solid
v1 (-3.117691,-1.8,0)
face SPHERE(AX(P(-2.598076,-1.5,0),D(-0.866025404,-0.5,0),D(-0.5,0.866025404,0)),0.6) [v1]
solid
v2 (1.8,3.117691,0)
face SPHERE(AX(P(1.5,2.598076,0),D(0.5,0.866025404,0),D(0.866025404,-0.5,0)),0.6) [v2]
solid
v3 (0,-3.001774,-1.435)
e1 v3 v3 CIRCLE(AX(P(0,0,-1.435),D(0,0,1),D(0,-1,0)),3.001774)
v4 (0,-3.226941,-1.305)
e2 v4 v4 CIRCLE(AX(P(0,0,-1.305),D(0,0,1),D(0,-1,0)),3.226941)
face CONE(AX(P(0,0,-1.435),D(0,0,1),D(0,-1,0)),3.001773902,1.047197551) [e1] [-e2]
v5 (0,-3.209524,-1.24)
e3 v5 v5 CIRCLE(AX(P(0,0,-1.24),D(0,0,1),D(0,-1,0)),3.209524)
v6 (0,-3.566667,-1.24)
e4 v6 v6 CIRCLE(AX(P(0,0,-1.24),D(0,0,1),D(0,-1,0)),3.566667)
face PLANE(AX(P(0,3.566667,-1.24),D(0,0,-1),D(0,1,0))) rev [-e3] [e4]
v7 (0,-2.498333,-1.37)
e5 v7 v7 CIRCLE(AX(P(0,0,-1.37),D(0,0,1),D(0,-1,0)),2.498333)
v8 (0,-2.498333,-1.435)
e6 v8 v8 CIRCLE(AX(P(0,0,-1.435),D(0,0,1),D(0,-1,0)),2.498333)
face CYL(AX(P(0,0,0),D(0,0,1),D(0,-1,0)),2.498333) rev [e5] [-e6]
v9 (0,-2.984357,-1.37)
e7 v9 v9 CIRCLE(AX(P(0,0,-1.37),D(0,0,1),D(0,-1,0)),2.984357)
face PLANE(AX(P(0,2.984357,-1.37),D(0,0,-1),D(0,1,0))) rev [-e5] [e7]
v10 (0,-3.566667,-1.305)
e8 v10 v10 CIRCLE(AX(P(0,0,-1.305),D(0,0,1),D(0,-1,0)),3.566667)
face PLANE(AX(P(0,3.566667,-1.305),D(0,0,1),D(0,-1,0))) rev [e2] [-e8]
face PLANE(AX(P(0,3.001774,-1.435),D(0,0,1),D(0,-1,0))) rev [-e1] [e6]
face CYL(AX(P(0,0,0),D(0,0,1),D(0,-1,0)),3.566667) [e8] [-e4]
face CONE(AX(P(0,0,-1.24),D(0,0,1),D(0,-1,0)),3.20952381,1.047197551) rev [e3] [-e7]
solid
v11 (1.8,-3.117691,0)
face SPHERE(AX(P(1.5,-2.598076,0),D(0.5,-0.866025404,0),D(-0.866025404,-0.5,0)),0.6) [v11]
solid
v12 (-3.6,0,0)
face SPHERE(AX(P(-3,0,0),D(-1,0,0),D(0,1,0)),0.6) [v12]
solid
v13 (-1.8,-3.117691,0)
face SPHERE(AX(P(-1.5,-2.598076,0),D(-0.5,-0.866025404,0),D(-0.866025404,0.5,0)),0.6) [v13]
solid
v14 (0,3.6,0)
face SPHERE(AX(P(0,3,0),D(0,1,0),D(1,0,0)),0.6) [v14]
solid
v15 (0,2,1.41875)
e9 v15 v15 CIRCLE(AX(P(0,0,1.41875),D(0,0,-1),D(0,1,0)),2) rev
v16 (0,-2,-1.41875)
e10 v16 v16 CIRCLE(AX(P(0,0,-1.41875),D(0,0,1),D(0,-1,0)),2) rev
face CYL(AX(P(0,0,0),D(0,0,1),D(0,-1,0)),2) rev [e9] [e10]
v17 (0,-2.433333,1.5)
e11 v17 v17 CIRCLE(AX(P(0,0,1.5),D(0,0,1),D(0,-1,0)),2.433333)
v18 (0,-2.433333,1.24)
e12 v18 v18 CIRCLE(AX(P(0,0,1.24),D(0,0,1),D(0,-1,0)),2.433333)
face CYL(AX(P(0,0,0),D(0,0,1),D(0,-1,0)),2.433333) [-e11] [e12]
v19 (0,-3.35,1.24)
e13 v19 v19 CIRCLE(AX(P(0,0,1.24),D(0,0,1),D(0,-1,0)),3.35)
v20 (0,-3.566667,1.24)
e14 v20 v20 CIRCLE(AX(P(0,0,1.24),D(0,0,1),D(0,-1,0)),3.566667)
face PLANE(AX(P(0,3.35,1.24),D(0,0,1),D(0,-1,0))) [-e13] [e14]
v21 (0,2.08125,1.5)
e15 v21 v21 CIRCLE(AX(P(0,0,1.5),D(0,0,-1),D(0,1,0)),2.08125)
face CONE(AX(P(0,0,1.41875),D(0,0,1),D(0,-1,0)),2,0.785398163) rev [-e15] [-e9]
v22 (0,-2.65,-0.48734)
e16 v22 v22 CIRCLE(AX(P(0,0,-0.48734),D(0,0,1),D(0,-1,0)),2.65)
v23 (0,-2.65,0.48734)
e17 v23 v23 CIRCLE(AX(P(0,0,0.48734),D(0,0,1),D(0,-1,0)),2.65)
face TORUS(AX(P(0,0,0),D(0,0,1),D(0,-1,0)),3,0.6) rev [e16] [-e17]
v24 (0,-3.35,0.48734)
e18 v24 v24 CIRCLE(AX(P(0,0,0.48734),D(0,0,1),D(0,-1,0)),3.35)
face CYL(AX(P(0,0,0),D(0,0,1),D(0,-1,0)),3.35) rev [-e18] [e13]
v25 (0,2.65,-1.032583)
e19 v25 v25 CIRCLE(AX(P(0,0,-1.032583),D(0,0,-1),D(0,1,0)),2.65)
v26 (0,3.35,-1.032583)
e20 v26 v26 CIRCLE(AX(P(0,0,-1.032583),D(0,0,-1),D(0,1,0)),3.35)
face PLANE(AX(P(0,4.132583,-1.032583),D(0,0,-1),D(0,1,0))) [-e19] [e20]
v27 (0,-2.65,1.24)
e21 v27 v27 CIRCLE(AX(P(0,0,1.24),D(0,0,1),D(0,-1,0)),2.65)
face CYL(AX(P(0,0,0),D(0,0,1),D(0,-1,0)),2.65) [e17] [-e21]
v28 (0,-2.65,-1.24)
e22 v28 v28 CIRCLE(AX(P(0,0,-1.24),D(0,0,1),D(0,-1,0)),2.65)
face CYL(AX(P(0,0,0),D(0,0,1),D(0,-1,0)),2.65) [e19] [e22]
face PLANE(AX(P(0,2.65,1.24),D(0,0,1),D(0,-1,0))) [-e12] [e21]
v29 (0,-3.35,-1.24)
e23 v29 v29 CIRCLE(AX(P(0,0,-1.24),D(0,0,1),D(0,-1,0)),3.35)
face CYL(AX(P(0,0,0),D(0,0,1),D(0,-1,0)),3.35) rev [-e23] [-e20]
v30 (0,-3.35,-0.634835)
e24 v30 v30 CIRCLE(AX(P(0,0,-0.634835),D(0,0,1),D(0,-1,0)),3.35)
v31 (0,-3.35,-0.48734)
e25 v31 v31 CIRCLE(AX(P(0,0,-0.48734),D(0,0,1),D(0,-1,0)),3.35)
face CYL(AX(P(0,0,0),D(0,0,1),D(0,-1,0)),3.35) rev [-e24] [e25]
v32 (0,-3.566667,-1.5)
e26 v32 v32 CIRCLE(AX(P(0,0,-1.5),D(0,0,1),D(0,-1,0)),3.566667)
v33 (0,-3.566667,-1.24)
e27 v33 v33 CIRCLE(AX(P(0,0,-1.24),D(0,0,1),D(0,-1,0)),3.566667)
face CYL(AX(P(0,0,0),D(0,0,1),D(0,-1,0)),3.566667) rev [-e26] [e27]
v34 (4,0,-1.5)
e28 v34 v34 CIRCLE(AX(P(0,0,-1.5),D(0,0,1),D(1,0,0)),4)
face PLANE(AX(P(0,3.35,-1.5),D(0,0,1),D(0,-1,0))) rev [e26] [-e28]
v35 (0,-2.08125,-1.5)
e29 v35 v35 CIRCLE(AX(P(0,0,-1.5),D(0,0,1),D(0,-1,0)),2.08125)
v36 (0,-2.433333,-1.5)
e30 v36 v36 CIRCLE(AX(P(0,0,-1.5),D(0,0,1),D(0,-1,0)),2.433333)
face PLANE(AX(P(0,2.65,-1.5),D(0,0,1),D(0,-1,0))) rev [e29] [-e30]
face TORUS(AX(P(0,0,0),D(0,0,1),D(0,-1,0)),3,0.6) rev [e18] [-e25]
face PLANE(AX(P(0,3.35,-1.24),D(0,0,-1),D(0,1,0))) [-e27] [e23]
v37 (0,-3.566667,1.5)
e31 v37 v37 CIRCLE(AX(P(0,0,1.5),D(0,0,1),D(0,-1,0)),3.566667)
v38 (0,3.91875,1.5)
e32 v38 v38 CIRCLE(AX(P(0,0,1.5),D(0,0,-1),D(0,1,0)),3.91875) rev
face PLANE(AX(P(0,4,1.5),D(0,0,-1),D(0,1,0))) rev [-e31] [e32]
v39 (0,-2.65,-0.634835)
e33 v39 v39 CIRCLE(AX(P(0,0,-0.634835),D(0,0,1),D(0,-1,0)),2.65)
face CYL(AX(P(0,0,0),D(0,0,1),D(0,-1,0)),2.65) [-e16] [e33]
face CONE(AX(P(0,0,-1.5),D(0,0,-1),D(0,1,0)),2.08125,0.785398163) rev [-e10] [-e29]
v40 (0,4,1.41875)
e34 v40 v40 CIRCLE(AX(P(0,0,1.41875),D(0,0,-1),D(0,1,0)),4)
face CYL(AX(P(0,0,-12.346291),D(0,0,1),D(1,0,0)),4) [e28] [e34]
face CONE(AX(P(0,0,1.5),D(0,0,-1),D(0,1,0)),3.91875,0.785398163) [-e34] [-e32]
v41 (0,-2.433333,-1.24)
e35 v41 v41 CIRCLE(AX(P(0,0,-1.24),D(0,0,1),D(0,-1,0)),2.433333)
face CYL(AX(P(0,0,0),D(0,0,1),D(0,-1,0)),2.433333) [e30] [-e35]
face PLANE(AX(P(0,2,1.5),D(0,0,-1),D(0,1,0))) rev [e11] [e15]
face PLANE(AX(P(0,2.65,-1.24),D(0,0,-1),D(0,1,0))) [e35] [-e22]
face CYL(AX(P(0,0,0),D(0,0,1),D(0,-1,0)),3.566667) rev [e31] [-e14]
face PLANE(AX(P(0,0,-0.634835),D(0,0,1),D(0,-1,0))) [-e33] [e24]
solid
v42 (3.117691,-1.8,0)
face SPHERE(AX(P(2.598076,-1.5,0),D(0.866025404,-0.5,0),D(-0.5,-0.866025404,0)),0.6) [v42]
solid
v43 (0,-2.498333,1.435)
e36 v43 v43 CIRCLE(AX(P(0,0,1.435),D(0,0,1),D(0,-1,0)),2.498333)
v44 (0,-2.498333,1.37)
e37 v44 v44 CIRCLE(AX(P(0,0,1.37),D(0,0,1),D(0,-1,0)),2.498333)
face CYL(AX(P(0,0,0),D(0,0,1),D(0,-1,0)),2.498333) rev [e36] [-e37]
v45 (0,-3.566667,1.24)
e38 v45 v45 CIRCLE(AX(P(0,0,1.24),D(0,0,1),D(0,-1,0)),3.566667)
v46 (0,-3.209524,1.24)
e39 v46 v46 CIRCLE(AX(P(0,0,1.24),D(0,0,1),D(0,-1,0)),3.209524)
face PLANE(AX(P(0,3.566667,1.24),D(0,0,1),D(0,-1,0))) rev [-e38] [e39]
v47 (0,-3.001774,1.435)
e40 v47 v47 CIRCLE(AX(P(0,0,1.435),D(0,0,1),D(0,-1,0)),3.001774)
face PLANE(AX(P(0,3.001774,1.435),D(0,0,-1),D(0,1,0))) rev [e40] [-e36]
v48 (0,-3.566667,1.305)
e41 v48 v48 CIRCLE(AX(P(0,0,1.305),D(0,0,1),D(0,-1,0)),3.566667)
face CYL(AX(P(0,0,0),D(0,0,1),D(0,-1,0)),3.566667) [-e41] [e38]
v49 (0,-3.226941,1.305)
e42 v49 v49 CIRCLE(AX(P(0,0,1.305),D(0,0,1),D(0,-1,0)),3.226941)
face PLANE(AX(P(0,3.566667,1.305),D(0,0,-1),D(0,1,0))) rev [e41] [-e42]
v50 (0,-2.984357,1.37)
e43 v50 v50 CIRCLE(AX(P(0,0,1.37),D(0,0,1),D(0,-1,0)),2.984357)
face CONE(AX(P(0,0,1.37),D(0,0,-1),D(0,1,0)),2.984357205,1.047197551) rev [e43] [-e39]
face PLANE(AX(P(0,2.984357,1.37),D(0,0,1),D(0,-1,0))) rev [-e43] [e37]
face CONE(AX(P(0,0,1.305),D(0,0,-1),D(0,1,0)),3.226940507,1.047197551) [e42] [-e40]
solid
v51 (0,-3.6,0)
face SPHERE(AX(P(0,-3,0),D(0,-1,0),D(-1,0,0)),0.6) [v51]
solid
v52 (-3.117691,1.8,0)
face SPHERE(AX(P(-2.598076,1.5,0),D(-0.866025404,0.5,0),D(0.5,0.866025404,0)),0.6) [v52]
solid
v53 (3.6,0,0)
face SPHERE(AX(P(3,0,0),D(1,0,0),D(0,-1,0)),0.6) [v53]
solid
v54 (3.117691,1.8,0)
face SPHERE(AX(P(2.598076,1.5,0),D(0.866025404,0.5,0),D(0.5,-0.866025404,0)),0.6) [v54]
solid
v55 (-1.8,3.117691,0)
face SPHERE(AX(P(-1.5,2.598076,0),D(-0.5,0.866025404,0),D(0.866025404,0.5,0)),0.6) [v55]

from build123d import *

# Parameters (mm, degrees)
FILLET1_SIZE            = 0.08125
FILLET2_SIZE            = 0.08125
CIRPATTERN3_COUNT       = 12
SKETCH8_W               = 0.26
SKETCH8_H               = 0.216666667
CUT_EXTRUDE1_DEPTH      = 8.163797875
CUT_EXTRUDE1_DEPTH_BACK = 8.163797875
SKETCH10_R              = 4.6
SKETCH10_R_2            = 4
BOSS_EXTRUDE1_START     = 0.397747564
SKETCH11_R              = 4
BOSS_EXTRUDE1_DEPTH     = 0.397747564
CUT_EXTRUDE2_DEPTH      = 7.046281526
CUT_EXTRUDE2_DEPTH_BACK = 7.046281526
SKETCH12_R              = 2


with BuildPart() as part:
    # Sketch2 → Revolve1 (revolve)
    with BuildSketch(Plane(origin=(0, 0, 0), x_dir=(0, 0, -1), z_dir=(1, 0, 0)), mode=Mode.PRIVATE) as revolve1_sk:
        with BuildLine():
            Line((1.5, 4.6), (0.9, 4.6))
            Line((0.9, 4.6), (0.9, 4.265165043))
            Line((0.9, 4.265165043), (1.032582521, 4.132582521))
            Line((1.032582521, 4.132582521), (1.032582521, 3.867417479))
            Line((1.032582521, 3.867417479), (0.767417479, 3.867417479))
            Line((0.767417479, 3.867417479), (0.634834957, 4))
            Line((0.634834957, 4), (-1.5, 4))
            Line((-1.5, 4), (-1.5, 3.35))
            Line((-1.5, 3.35), (-0.487339717, 3.35))
            ThreePointArc((-0.487339717, 3.35), (0, 3.6), (0.487339717, 3.35))
            Line((0.487339717, 3.35), (1.5, 3.35))
            Line((1.5, 3.35), (1.5, 4.6))
        make_face()
        with BuildLine():
            Line((1.5, 2), (-1.5, 2))
            Line((-1.5, 2), (-1.5, 2.65))
            Line((-1.5, 2.65), (-0.487339717, 2.65))
            ThreePointArc((-0.487339717, 2.65), (0, 2.4), (0.487339717, 2.65))
            Line((0.487339717, 2.65), (1.5, 2.65))
            Line((1.5, 2.65), (1.5, 2))
        make_face()
    revolve(revolve1_sk.sketch.rotate(Axis((0, 0, 0), (0, 0, -1)), 180), axis=Axis((0, 0, 0), (0, 0, -1)))

    # Fillet1
    fillet1_edges = [part.edges().sort_by_distance(p)[0] for p in [
        (0, 4, 1.5),
        (0, 4.6, -1.5),
        (0, 4.6, -0.9),
    ]]
    chamfer(fillet1_edges, length=FILLET1_SIZE)

    # Fillet2
    fillet2_edges = [part.edges().sort_by_distance(p)[0] for p in [
        (0, 2, -1.5),
        (0, 2, 1.5),
    ]]
    chamfer(fillet2_edges, length=FILLET2_SIZE)

    # Sketch8 → Cut-Revolve1 (revolve, cut)
    with BuildSketch(Plane(origin=(0, 0, 0), x_dir=(0, 0, -1), z_dir=(1, 0, 0)), mode=Mode.PRIVATE) as cut_revolve1_sk:
        with Locations((-1.37, 3.458333334)):
            Rectangle(SKETCH8_W, SKETCH8_H)
        with Locations((1.37, 3.458333334)):
            Rectangle(SKETCH8_W, SKETCH8_H)
        with Locations((1.37, 2.541666667)):
            Rectangle(SKETCH8_W, SKETCH8_H)
        with Locations((-1.37, 2.541666667)):
            Rectangle(SKETCH8_W, SKETCH8_H)
    revolve(cut_revolve1_sk.sketch.rotate(Axis((0, 0, 0), (0, 0, -1)), 180), axis=Axis((0, 0, 0), (0, 0, -1)), mode=Mode.SUBTRACT)

    # Sketch10 → Cut-Extrude1 (cut, two sides: drawn at the far end of the back side and taken through both)
    with BuildSketch(Plane.XY.offset(1.5).offset(-CUT_EXTRUDE1_DEPTH_BACK)):
        Circle(SKETCH10_R)
        with Locations(Location((0, 0, 0), (0, 0, 270))):
            Circle(SKETCH10_R_2, mode=Mode.SUBTRACT)
    extrude(amount=CUT_EXTRUDE1_DEPTH + CUT_EXTRUDE1_DEPTH_BACK, mode=Mode.SUBTRACT)

    # Sketch11 → Boss-Extrude1 (add)
    with BuildSketch(Plane.XY.offset(-1.032582521).offset(BOSS_EXTRUDE1_START)):
        Circle(SKETCH11_R)
    extrude(amount=-BOSS_EXTRUDE1_DEPTH)

    # Sketch12 → Cut-Extrude2 (cut, two sides: drawn at the far end of the back side and taken through both)
    with BuildSketch(Plane.XY.offset(-0.634834957).offset(-CUT_EXTRUDE2_DEPTH_BACK)):
        with Locations(Location((0, 0, 0), (0, 0, 270))):
            Circle(SKETCH12_R)
    extrude(amount=CUT_EXTRUDE2_DEPTH + CUT_EXTRUDE2_DEPTH_BACK, mode=Mode.SUBTRACT)


with BuildPart() as body_2:
    # Sketch7 → Revolve3 (revolve)
    with BuildSketch(Plane.XY):
        with BuildLine():
            Line((0, 3.6), (0, 2.4))
            ThreePointArc((0, 2.4), (-0.6, 3), (0, 3.6))
        make_face()
    revolve(axis=Axis((0, 3.6, 0), (0, -1, 0)))


with BuildPart() as cirpattern3_1:
    # CirPattern3: pattern copy
    add(body_2.part.rotate(Axis((0, 0, 0), (0, 0, 1)), 1 * 360 / CIRPATTERN3_COUNT))


with BuildPart() as cirpattern3_2:
    # CirPattern3: pattern copy
    add(body_2.part.rotate(Axis((0, 0, 0), (0, 0, 1)), 2 * 360 / CIRPATTERN3_COUNT))


with BuildPart() as cirpattern3_3:
    # CirPattern3: pattern copy
    add(body_2.part.rotate(Axis((0, 0, 0), (0, 0, 1)), 3 * 360 / CIRPATTERN3_COUNT))


with BuildPart() as cirpattern3_4:
    # CirPattern3: pattern copy
    add(body_2.part.rotate(Axis((0, 0, 0), (0, 0, 1)), 4 * 360 / CIRPATTERN3_COUNT))


with BuildPart() as cirpattern3_5:
    # CirPattern3: pattern copy
    add(body_2.part.rotate(Axis((0, 0, 0), (0, 0, 1)), 5 * 360 / CIRPATTERN3_COUNT))


with BuildPart() as cirpattern3_6:
    # CirPattern3: pattern copy
    add(body_2.part.rotate(Axis((0, 0, 0), (0, 0, 1)), 6 * 360 / CIRPATTERN3_COUNT))


with BuildPart() as cirpattern3_7:
    # CirPattern3: pattern copy
    add(body_2.part.rotate(Axis((0, 0, 0), (0, 0, 1)), 7 * 360 / CIRPATTERN3_COUNT))


with BuildPart() as cirpattern3_8:
    # CirPattern3: pattern copy
    add(body_2.part.rotate(Axis((0, 0, 0), (0, 0, 1)), 8 * 360 / CIRPATTERN3_COUNT))


with BuildPart() as cirpattern3_9:
    # CirPattern3: pattern copy
    add(body_2.part.rotate(Axis((0, 0, 0), (0, 0, 1)), 9 * 360 / CIRPATTERN3_COUNT))


with BuildPart() as cirpattern3_10:
    # CirPattern3: pattern copy
    add(body_2.part.rotate(Axis((0, 0, 0), (0, 0, 1)), 10 * 360 / CIRPATTERN3_COUNT))


with BuildPart() as cirpattern3_11:
    # CirPattern3: pattern copy
    add(body_2.part.rotate(Axis((0, 0, 0), (0, 0, 1)), 11 * 360 / CIRPATTERN3_COUNT))


with BuildPart() as body_14:
    # Sketch9 → Revolve4 (revolve)
    with BuildSketch(Plane(origin=(0, 0, 0), x_dir=(0, 0, -1), z_dir=(1, 0, 0)), mode=Mode.PRIVATE) as revolve4_sk:
        Polygon((-1.24, 3.566666667), (-1.24, 3.20952381), (-1.37, 2.984357205), (-1.37, 2.498333333), (-1.435, 2.498333333), (-1.435, 3.001773902), (-1.305, 3.226940507), (-1.305, 3.566666667), align=None)
        Polygon((1.24, 3.566666667), (1.24, 3.20952381), (1.37, 2.984357205), (1.37, 2.498333333), (1.435, 2.498333333), (1.435, 3.001773902), (1.305, 3.226940507), (1.305, 3.566666667), align=None)
    revolve(revolve4_sk.sketch.rotate(Axis((0, 0, 0), (0, 0, -1)), 180), axis=Axis((0, 0, 0), (0, 0, -1)))


solid = Compound([part.part, body_2.part, cirpattern3_1.part, cirpattern3_2.part, cirpattern3_3.part, cirpattern3_4.part, cirpattern3_5.part, cirpattern3_6.part, cirpattern3_7.part, cirpattern3_8.part, cirpattern3_9.part, cirpattern3_10.part, cirpattern3_11.part, body_14.part])
